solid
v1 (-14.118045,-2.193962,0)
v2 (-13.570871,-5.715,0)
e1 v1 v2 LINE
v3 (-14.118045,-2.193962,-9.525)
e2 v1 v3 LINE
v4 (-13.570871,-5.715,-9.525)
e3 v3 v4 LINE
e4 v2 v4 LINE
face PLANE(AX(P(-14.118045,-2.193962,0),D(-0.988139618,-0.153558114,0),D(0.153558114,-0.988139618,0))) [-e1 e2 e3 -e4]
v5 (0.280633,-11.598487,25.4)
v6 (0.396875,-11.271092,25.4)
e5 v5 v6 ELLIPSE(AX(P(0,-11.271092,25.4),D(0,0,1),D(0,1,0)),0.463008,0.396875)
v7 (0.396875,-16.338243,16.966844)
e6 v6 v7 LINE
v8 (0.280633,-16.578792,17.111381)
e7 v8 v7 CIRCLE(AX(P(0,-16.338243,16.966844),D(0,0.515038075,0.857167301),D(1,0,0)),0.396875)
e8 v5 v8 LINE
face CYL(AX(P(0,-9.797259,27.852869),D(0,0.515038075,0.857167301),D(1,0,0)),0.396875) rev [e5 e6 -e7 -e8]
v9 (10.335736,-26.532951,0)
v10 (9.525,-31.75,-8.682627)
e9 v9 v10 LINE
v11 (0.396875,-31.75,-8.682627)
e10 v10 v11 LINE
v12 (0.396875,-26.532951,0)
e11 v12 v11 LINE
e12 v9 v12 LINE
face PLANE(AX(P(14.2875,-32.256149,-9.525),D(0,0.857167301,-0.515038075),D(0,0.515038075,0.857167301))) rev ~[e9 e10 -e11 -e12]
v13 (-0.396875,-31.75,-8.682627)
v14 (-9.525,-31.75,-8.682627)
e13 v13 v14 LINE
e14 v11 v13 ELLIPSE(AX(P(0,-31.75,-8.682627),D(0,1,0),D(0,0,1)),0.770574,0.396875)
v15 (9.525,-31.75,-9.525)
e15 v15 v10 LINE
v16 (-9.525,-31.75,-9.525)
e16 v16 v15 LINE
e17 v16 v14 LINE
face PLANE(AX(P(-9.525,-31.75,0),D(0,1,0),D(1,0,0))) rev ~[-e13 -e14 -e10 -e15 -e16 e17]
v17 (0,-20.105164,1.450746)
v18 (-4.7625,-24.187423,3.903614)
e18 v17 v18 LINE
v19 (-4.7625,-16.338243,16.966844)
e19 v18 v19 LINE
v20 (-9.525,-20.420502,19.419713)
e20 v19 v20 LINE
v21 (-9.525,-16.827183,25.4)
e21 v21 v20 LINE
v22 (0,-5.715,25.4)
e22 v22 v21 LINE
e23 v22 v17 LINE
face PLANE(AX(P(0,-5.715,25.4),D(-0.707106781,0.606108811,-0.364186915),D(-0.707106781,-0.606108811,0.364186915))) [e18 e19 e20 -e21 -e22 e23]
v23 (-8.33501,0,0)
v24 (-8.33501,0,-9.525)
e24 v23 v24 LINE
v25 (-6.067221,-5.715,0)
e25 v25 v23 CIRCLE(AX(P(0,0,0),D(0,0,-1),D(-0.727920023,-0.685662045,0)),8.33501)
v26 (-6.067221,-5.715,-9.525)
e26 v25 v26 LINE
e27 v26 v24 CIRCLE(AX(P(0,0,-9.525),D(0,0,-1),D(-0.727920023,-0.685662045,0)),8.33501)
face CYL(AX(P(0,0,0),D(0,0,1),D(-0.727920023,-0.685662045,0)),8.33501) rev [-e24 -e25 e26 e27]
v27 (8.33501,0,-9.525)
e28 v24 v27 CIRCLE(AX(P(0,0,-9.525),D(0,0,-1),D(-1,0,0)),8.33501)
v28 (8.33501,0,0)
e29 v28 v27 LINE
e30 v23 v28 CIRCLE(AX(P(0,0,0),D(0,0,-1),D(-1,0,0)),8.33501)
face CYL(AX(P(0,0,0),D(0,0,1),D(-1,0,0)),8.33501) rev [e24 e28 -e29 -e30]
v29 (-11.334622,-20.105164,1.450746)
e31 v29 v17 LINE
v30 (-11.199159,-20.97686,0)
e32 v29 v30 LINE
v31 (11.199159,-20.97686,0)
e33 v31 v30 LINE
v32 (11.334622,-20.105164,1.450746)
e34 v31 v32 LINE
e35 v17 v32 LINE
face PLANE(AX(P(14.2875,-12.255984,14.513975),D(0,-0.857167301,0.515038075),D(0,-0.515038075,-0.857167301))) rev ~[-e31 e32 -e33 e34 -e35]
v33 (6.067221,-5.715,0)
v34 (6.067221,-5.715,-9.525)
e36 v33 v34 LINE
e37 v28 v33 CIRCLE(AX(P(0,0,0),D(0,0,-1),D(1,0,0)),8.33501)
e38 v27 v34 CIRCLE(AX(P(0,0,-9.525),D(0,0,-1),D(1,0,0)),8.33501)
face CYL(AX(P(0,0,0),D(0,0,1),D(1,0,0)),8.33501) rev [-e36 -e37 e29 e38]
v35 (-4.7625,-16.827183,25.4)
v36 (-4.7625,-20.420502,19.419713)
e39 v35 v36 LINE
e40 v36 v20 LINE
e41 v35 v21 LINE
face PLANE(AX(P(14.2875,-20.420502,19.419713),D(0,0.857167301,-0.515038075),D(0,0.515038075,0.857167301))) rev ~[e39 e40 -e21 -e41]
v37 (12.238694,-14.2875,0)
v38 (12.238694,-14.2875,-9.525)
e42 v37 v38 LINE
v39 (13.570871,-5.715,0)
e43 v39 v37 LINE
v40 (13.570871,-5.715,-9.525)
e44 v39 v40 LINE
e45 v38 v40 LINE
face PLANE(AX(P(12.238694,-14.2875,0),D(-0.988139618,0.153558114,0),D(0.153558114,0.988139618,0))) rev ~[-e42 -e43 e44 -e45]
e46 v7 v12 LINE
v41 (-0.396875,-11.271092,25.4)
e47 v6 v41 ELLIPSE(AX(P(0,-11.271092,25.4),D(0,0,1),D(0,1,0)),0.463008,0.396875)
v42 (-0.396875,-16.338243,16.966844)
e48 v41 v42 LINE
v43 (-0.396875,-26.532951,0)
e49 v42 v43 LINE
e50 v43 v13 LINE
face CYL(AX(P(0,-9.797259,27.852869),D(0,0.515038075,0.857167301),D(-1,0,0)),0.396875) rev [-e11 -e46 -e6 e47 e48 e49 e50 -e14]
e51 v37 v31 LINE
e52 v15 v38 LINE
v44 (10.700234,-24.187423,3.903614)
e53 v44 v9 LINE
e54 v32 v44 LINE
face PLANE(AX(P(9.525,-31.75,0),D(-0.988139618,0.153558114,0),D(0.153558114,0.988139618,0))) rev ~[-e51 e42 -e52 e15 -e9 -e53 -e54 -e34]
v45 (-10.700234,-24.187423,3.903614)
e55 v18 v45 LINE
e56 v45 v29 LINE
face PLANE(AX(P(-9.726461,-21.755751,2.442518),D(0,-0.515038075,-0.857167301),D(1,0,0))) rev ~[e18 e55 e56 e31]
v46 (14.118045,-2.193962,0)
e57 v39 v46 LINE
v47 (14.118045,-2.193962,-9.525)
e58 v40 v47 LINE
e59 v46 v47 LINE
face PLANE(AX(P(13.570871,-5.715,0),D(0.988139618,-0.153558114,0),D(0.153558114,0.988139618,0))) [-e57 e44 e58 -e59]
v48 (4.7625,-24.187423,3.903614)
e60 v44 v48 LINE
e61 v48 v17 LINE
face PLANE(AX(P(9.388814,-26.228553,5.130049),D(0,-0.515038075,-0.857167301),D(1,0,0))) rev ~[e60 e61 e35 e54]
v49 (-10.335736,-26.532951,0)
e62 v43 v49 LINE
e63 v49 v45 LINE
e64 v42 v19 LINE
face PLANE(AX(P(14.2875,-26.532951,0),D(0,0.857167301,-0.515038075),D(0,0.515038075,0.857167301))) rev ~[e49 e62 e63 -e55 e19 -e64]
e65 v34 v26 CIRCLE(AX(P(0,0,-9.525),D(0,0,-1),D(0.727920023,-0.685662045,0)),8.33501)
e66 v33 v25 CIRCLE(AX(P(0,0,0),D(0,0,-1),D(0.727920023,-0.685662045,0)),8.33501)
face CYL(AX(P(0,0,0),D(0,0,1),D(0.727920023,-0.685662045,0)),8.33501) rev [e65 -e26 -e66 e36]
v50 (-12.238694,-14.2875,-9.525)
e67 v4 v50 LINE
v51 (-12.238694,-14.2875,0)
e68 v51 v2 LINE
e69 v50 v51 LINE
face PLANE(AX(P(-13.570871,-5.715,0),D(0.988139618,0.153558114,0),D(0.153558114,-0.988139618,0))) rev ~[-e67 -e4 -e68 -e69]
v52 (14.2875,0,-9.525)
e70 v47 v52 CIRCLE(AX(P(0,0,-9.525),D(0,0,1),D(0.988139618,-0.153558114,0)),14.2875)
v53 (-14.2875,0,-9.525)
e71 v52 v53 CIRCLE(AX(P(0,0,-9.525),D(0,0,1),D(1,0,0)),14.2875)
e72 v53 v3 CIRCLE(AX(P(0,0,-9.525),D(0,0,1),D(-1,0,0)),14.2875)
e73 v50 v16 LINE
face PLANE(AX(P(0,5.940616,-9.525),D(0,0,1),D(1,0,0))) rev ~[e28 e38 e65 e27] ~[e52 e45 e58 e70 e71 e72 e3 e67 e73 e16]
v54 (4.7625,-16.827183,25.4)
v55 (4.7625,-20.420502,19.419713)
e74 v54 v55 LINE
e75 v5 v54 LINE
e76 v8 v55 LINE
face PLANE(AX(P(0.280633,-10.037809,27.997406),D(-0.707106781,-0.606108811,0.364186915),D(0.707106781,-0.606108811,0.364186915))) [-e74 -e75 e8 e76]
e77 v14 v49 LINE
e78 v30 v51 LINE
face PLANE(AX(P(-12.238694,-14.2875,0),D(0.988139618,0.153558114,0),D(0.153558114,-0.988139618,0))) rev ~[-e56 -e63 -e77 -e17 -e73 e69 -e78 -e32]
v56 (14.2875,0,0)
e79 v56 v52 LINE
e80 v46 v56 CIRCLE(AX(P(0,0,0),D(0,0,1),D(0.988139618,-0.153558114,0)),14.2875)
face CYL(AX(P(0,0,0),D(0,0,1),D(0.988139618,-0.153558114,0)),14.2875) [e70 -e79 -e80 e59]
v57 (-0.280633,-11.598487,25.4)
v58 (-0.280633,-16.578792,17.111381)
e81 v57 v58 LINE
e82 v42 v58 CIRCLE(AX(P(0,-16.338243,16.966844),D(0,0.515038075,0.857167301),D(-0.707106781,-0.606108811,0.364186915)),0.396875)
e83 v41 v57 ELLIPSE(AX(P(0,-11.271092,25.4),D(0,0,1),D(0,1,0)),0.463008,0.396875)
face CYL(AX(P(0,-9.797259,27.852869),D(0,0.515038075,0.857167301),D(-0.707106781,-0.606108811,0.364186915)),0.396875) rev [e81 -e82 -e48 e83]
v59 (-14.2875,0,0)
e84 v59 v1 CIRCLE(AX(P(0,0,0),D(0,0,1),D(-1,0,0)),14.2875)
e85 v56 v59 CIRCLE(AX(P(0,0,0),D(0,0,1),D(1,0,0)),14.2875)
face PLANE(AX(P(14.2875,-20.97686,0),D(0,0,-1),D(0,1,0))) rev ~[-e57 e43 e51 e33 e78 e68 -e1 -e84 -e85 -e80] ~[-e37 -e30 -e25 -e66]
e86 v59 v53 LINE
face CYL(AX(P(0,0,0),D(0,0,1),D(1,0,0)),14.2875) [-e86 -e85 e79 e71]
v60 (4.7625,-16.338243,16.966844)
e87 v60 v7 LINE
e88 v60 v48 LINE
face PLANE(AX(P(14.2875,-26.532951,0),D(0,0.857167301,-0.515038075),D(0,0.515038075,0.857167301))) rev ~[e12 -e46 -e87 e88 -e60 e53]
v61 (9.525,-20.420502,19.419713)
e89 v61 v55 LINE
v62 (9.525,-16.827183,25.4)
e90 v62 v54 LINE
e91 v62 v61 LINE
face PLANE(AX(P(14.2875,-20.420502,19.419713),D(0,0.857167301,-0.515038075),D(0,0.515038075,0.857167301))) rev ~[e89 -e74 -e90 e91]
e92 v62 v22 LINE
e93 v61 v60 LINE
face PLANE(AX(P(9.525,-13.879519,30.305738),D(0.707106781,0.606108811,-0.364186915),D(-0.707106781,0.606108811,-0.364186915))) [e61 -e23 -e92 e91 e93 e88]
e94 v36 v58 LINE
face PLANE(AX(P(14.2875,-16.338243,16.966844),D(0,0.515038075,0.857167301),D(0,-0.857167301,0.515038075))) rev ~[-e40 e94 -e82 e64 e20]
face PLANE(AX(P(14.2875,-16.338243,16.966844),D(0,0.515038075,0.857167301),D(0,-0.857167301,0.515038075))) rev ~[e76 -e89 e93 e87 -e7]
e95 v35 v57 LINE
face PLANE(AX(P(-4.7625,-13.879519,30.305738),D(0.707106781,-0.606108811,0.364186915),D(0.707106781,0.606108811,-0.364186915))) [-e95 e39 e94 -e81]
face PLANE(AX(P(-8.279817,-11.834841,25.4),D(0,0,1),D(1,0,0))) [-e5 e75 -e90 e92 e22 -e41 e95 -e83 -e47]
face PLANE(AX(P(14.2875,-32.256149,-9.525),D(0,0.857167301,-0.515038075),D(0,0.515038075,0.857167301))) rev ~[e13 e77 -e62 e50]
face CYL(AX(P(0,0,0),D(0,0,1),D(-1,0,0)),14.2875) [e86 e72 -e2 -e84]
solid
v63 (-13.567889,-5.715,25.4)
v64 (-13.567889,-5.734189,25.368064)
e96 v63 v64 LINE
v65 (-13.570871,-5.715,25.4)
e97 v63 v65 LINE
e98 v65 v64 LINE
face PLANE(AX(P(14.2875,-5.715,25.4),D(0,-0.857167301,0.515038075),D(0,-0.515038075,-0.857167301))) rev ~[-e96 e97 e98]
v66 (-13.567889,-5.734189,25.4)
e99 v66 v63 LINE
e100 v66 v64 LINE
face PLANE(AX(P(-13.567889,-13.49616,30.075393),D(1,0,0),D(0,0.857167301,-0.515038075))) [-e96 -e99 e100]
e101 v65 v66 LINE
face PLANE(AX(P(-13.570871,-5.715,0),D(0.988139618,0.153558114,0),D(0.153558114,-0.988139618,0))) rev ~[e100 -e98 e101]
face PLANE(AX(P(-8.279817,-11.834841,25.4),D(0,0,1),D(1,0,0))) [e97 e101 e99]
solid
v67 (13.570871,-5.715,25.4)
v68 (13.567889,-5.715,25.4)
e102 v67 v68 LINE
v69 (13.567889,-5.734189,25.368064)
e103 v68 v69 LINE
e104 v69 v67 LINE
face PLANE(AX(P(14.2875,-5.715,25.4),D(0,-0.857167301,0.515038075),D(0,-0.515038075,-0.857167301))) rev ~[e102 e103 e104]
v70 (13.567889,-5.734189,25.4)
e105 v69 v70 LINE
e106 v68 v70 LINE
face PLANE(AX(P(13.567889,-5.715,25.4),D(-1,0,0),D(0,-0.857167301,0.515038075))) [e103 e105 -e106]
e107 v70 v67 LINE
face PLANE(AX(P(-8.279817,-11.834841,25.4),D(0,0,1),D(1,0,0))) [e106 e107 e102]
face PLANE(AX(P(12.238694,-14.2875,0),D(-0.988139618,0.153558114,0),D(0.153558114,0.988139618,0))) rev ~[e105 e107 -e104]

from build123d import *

# Parameters (mm, degrees)
F1_DEPTH = 9.525
F2_DEPTH = 25.4
F5_DEPTH = 28.576
F8_DEPTH = 43.3465842573
F9_DEPTH = 27.94


with BuildPart() as f1:
    # F0 (on Top) → F1 (new body)
    with BuildSketch(Plane.XY):
        with BuildLine():
            ThreePointArc((-8.33501, 0), (0, 8.33501), (8.33501, 0))
            Line((8.33501, 0), (14.2875, 0))
            ThreePointArc((14.2875, 0), (0, 14.2875), (-14.2875, 0))
            Line((-14.2875, 0), (-8.33501, 0))
        make_face()
        with BuildLine():
            ThreePointArc((-6.0672206734, -5.715), (-7.7473458902, -3.0742516744), (-8.33501, 0))
            Line((-8.33501, 0), (-14.2875, 0))
            ThreePointArc((-14.2875, 0), (-14.2450732062, -1.1002479715), (-14.1180447981, -2.1939615606))
            ThreePointArc((-14.1180447981, -2.1939615606), (-13.7198008187, -3.9874455161), (-13.0947100483, -5.715))
            Line((-13.0947100483, -5.715), (-6.0672206734, -5.715))
        make_face()
        with BuildLine():
            Line((13.0947100483, -5.715), (6.0672206734, -5.715))
            ThreePointArc((6.0672206734, -5.715), (0, -8.33501), (-6.0672206734, -5.715))
            Line((-6.0672206734, -5.715), (-13.0947100483, -5.715))
            ThreePointArc((-13.0947100483, -5.715), (-7.8255860404, -11.9537801291), (0, -14.2875))
            ThreePointArc((0, -14.2875), (7.8255860404, -11.9537801291), (13.0947100483, -5.715))
        make_face()
        with BuildLine():
            Line((14.2875, 0), (8.33501, 0))
            ThreePointArc((8.33501, 0), (7.7473458902, -3.0742516744), (6.0672206734, -5.715))
            Line((6.0672206734, -5.715), (13.0947100483, -5.715))
            ThreePointArc((13.0947100483, -5.715), (13.7198008187, -3.9874455161), (14.1180447981, -2.1939615606))
            ThreePointArc((14.1180447981, -2.1939615606), (14.2450732062, -1.1002479715), (14.2875, 0))
        make_face()
        with BuildLine():
            ThreePointArc((0, -14.2875), (-7.8255860404, -11.9537801291), (-13.0947100483, -5.715))
            Line((-13.0947100483, -5.715), (-13.5708710853, -5.715))
            Line((-13.5708710853, -5.715), (-12.2386940206, -14.2875))
            Line((-12.2386940206, -14.2875), (0, -14.2875))
        make_face()
        with BuildLine():
            Line((13.5708710853, -5.715), (13.0947100483, -5.715))
            ThreePointArc((13.0947100483, -5.715), (7.8255860404, -11.9537801291), (0, -14.2875))
            Line((0, -14.2875), (12.2386940206, -14.2875))
            Line((12.2386940206, -14.2875), (13.5708710853, -5.715))
        make_face()
        Polygon((12.2386940206, -14.2875), (0, -14.2875), (-12.2386940206, -14.2875), (-9.525, -31.75), (0, -31.75), (9.525, -31.75), align=None)
        with BuildLine():
            Line((-13.5708710853, -5.715), (-13.0947100483, -5.715))
            ThreePointArc((-13.0947100483, -5.715), (-13.7198008187, -3.9874455161), (-14.1180447981, -2.1939615606))
            Line((-14.1180447981, -2.1939615606), (-13.5708710853, -5.715))
        make_face()
        with BuildLine():
            ThreePointArc((14.1180447981, -2.1939615606), (13.7198008187, -3.9874455161), (13.0947100483, -5.715))
            Line((13.0947100483, -5.715), (13.5708710853, -5.715))
            Line((13.5708710853, -5.715), (14.1180447981, -2.1939615606))
        make_face()
    extrude(amount=-F1_DEPTH)

    # F0 (on Top) → F2 (join)
    with BuildSketch(Plane.XY):
        with BuildLine():
            ThreePointArc((0, -14.2875), (-7.8255860404, -11.9537801291), (-13.0947100483, -5.715))
            Line((-13.0947100483, -5.715), (-13.5708710853, -5.715))
            Line((-13.5708710853, -5.715), (-12.2386940206, -14.2875))
            Line((-12.2386940206, -14.2875), (0, -14.2875))
        make_face()
        with BuildLine():
            Line((13.5708710853, -5.715), (13.0947100483, -5.715))
            ThreePointArc((13.0947100483, -5.715), (7.8255860404, -11.9537801291), (0, -14.2875))
            Line((0, -14.2875), (12.2386940206, -14.2875))
            Line((12.2386940206, -14.2875), (13.5708710853, -5.715))
        make_face()
        Polygon((12.2386940206, -14.2875), (0, -14.2875), (-12.2386940206, -14.2875), (-9.525, -31.75), (0, -31.75), (9.525, -31.75), align=None)
        with BuildLine():
            Line((13.0947100483, -5.715), (6.0672206734, -5.715))
            ThreePointArc((6.0672206734, -5.715), (0, -8.33501), (-6.0672206734, -5.715))
            Line((-6.0672206734, -5.715), (-13.0947100483, -5.715))
            ThreePointArc((-13.0947100483, -5.715), (-7.8255860404, -11.9537801291), (0, -14.2875))
            ThreePointArc((0, -14.2875), (7.8255860404, -11.9537801291), (13.0947100483, -5.715))
        make_face()
        with BuildLine():
            ThreePointArc((-6.0672206734, -5.715), (0, -8.33501), (6.0672206734, -5.715))
            Line((6.0672206734, -5.715), (0, -5.715))
            Line((0, -5.715), (-6.0672206734, -5.715))
        make_face()
    extrude(amount=F2_DEPTH)

    # F4 (on offset) → F5 (cut, through all)
    with BuildSketch(Plane.YZ.offset(14.2875)):
        Polygon((-32.0890428318, 0), (-20.4205020905, 19.4197129446), (-16.8271831085, 25.4), (-32.0890428318, 25.4), align=None)
        Polygon((-20.9768597233, 0), (-5.715, 0), (-5.715, 25.4), (-12.2559835514, 14.5139752811), align=None)
        Polygon((-26.5329512775, 0), (-16.338242821, 16.9668441128), (-20.4205020905, 19.4197129446), (-32.0890428318, 0), (-37.812240228, -9.525), (-32.2561486738, -9.525), align=None)
    extrude(amount=-F5_DEPTH, mode=Mode.SUBTRACT)

    # F7 (on face) → F8 (cut, through all)
    with BuildSketch(Plane(origin=(0, 9.69744942, 16.1392661008), x_dir=(1, 0, 0), z_dir=(0, -0.5150380749, -0.8571673007))):
        with BuildLine():
            Line((0.2806330038, 23.02381123), (4.7625, 27.5056782262))
            Line((4.7625, 27.5056782262), (0, 27.5056782262))
            Line((0, 27.5056782262), (-4.7625, 27.5056782262))
            Line((-4.7625, 27.5056782262), (-0.2806330038, 23.02381123))
            ThreePointArc((-0.2806330038, 23.02381123), (0, 23.1400532262), (0.2806330038, 23.02381123))
        make_face()
        with BuildLine():
            ThreePointArc((-0.2806330038, 23.02381123), (-0.3666646895, 22.8950557134), (-0.396875, 22.7431782262))
            Line((-0.396875, 22.7431782262), (0, 22.7431782262))
            Line((0, 22.7431782262), (-0.2806330038, 23.02381123))
        make_face()
        with BuildLine():
            Line((0, 22.7431782262), (0.396875, 22.7431782262))
            ThreePointArc((0.396875, 22.7431782262), (0.3666646895, 22.8950557134), (0.2806330038, 23.02381123))
            Line((0.2806330038, 23.02381123), (0, 22.7431782262))
        make_face()
        with BuildLine():
            Line((-0.2806330038, 23.02381123), (0, 22.7431782262))
            Line((0, 22.7431782262), (0.2806330038, 23.02381123))
            ThreePointArc((0.2806330038, 23.02381123), (0, 23.1400532262), (-0.2806330038, 23.02381123))
        make_face()
        with BuildLine():
            ThreePointArc((-0.396875, 22.7431782262), (0, 22.3463032262), (0.396875, 22.7431782262))
            Line((0.396875, 22.7431782262), (0, 22.7431782262))
            Line((0, 22.7431782262), (-0.396875, 22.7431782262))
        make_face()
    extrude(amount=F8_DEPTH, mode=Mode.SUBTRACT)

    # F7 (on face) → F9 (cut)
    with BuildSketch(Plane(origin=(0, 9.69744942, 16.1392661008), x_dir=(1, 0, 0), z_dir=(0, -0.5150380749, -0.8571673007))):
        Polygon((9.525, 27.5056782262), (4.7625, 22.7431782262), (9.2526280605, 22.7431782262), (13.5678891093, 27.0584392749), (14.0151280605, 27.5056782262), align=None)
        Polygon((9.2526280605, 22.7431782262), (4.4901280605, 17.9806782262), (13.5678891093, 17.9806782262), (13.5678891093, 22.7431782262), align=None)
        Polygon((-13.5678891093, 17.9806782262), (-4.4901280605, 17.9806782262), (-9.2526280605, 22.7431782262), (-13.5678891093, 22.7431782262), align=None)
        Polygon((13.5678891093, 27.0584392749), (9.2526280605, 22.7431782262), (13.5678891093, 22.7431782262), align=None)
        Polygon((-9.2526280605, 22.7431782262), (-4.7625, 22.7431782262), (-9.525, 27.5056782262), (-14.0151280605, 27.5056782262), (-13.5678891093, 27.0584392749), align=None)
        Polygon((-13.5678891093, 22.7431782262), (-9.2526280605, 22.7431782262), (-13.5678891093, 27.0584392749), align=None)
        Polygon((4.7625, 22.7431782262), (0, 17.9806782262), (4.4901280605, 17.9806782262), (9.2526280605, 22.7431782262), align=None)
        Polygon((-4.4901280605, 17.9806782262), (0, 17.9806782262), (-4.7625, 22.7431782262), (-9.2526280605, 22.7431782262), align=None)
    extrude(amount=F9_DEPTH, mode=Mode.SUBTRACT)


solid = f1.part
